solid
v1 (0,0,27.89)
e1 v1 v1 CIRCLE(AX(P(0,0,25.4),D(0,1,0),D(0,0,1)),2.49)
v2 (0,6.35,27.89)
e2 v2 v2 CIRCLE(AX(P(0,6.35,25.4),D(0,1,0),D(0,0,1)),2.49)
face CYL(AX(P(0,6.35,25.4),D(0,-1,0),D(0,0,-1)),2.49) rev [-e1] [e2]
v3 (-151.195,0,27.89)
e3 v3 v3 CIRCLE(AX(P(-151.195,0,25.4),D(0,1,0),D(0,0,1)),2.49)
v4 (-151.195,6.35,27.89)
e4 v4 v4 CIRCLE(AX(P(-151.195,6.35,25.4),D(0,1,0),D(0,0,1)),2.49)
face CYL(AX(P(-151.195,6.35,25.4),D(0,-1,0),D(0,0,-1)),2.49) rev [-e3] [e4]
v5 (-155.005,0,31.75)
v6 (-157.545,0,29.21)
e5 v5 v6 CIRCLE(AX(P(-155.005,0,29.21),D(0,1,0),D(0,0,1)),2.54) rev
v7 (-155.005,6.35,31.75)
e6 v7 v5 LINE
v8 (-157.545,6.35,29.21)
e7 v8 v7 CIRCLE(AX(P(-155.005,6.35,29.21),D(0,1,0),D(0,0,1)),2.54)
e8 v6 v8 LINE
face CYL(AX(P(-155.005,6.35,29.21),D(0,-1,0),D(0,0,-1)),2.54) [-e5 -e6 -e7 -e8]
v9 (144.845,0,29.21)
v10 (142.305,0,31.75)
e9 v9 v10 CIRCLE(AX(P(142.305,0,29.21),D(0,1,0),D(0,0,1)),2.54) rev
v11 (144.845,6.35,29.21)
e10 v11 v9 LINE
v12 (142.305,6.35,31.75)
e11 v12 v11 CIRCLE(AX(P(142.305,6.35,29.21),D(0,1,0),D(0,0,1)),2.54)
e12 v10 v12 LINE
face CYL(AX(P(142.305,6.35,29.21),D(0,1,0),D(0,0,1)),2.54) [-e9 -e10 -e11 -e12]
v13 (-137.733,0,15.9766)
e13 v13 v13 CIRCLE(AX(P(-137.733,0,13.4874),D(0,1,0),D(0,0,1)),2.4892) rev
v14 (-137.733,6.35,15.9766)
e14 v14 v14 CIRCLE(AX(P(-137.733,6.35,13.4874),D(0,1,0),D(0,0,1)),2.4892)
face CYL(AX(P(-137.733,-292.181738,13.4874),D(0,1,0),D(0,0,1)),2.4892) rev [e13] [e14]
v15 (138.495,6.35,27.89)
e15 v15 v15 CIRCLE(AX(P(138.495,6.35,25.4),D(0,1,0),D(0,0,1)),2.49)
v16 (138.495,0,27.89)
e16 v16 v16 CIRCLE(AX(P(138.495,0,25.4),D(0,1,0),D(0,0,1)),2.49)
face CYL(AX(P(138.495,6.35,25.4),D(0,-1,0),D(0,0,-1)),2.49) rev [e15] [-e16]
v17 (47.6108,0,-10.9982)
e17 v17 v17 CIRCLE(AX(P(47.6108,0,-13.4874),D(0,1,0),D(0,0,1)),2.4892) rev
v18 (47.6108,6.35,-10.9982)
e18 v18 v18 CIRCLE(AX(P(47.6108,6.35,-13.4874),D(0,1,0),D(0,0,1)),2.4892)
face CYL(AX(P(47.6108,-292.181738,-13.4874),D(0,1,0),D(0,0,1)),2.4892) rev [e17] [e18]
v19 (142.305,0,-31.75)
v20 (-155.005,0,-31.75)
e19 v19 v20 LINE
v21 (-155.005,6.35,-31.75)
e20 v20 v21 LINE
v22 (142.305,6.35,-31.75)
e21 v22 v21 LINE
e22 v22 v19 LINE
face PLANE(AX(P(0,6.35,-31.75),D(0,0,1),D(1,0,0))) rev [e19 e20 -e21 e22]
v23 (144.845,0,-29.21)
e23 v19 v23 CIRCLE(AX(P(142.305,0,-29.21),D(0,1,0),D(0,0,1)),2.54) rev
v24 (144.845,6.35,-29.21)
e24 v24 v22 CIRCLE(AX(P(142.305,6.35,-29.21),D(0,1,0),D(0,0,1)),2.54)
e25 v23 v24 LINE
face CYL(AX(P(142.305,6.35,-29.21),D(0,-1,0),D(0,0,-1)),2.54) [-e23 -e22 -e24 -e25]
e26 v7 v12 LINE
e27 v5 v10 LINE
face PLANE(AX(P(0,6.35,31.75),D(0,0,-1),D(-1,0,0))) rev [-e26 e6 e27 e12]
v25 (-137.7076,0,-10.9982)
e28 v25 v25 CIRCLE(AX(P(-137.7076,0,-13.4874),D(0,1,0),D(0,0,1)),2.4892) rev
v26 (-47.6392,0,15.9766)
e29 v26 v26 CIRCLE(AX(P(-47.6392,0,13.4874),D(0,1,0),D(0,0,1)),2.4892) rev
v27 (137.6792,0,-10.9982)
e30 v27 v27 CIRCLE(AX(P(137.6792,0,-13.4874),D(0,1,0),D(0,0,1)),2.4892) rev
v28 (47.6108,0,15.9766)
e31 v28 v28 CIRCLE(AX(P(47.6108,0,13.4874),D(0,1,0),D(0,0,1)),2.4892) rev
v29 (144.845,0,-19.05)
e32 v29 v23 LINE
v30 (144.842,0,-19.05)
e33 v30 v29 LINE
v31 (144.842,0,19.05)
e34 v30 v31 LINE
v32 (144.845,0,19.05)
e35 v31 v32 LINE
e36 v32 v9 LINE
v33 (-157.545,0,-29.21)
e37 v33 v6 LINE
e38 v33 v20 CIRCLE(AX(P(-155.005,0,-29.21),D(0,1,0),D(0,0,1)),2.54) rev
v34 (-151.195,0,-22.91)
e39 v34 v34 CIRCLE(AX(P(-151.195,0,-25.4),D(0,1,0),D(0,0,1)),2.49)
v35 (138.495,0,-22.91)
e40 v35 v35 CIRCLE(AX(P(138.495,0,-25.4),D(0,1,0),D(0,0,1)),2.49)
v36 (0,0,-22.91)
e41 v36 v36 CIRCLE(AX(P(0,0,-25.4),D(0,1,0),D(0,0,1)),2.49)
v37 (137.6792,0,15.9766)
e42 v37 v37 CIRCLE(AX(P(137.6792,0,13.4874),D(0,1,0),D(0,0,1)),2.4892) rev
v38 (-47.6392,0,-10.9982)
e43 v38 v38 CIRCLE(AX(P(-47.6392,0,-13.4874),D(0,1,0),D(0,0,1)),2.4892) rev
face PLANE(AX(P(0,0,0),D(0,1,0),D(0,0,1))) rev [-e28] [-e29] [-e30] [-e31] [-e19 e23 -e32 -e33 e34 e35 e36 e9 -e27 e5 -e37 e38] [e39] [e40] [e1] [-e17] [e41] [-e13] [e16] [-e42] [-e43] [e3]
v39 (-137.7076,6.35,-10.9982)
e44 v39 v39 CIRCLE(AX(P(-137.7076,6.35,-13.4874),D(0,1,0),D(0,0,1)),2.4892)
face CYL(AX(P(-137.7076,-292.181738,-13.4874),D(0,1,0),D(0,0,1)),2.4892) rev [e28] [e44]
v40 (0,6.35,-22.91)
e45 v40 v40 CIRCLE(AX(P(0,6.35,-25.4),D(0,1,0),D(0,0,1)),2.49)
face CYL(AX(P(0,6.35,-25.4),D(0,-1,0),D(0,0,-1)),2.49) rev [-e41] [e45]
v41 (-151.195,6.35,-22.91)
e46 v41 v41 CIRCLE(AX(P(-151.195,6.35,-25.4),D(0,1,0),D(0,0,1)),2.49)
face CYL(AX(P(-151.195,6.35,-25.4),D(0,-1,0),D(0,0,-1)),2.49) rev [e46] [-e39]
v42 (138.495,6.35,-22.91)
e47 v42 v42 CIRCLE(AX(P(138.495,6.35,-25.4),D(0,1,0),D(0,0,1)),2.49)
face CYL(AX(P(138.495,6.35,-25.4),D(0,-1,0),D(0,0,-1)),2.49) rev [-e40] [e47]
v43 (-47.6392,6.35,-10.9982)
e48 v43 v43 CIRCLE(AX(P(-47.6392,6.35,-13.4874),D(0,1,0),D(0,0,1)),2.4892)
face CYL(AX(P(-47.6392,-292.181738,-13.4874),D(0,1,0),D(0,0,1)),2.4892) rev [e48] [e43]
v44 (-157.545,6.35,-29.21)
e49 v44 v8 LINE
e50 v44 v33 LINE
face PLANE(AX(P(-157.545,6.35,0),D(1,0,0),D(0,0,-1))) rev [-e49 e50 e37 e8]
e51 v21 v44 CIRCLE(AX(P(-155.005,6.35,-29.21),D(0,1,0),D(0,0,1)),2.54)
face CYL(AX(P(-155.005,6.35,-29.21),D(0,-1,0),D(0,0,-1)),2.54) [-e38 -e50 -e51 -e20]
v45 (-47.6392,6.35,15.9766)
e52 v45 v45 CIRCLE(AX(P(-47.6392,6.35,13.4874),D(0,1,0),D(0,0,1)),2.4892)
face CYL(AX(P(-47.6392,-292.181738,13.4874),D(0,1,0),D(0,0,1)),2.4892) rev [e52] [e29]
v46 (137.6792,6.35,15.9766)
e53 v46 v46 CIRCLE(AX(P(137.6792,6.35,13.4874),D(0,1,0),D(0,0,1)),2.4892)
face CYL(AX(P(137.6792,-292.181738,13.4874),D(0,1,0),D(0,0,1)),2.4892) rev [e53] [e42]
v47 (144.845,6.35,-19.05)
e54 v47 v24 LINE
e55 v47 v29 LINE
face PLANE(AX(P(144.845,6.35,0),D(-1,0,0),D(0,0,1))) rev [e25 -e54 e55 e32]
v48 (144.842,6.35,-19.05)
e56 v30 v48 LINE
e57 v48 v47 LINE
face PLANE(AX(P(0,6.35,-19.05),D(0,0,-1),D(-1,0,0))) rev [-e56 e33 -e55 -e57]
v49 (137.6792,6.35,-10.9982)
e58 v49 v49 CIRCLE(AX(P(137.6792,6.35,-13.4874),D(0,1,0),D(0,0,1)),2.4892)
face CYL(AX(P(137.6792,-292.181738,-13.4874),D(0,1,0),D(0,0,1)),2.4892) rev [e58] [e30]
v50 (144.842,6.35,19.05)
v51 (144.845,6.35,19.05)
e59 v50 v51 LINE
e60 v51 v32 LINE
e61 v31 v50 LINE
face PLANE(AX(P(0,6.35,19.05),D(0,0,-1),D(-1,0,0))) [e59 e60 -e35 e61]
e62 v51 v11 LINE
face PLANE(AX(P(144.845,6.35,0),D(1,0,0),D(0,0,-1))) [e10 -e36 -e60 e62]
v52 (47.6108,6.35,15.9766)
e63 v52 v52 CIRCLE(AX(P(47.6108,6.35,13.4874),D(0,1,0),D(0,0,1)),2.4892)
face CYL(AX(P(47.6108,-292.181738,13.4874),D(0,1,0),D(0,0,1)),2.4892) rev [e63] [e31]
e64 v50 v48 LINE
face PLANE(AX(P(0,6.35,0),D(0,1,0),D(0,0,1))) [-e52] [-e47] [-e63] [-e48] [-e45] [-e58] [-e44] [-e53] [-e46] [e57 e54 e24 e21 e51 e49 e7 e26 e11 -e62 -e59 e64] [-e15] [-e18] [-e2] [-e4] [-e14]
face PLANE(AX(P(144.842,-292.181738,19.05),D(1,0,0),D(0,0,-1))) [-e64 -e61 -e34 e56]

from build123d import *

# Parameters (mm, degrees)
SKETCH1_W           = 289.69
SKETCH1_H           = 12.7
SKETCH1_R           = 2.49
BOSS_EXTRUDE1_DEPTH = 6.35
FILLET1_R           = 2.54
SKETCH3_W           = 289.687
SKETCH3_H           = 38.1
SKETCH3_R           = 2.4892
BOSS_EXTRUDE2_DEPTH = 6.35


with BuildPart() as part:
    # Sketch1 → Boss-Extrude1 (new body)
    # profile 1 of 3: a face of its own
    with BuildSketch(Plane(origin=(0, 0, 0), x_dir=(1, 0, 0), z_dir=(0, 1, 0))):
        with Locations((0, -25.4)):
            Rectangle(SKETCH1_W, SKETCH1_H)
        with Locations(Location((138.495, -25.4, 0), (0, 0, 270))):
            Circle(SKETCH1_R, mode=Mode.SUBTRACT)
        with Locations(Location((0, -25.4, 0), (0, 0, 270))):
            Circle(SKETCH1_R, mode=Mode.SUBTRACT)
    # profile 2 of 3: a face of its own
    with BuildSketch(Plane(origin=(0, 0, 0), x_dir=(1, 0, 0), z_dir=(0, 1, 0))):
        Polygon((-144.845, 31.75), (-157.545, 31.75), (-157.545, -31.75), (-144.845, -31.75), (-144.845, -19.05), (-144.845, 19.05), align=None)
        with Locations(Location((-151.195, -25.4, 0), (0, 0, 270))):
            Circle(SKETCH1_R, mode=Mode.SUBTRACT)
        with Locations(Location((-151.195, 25.4, 0), (0, 0, 270))):
            Circle(SKETCH1_R, mode=Mode.SUBTRACT)
    # profile 3 of 3: a face of its own
    with BuildSketch(Plane(origin=(0, 0, 0), x_dir=(1, 0, 0), z_dir=(0, 1, 0))):
        with Locations((0, 25.4)):
            Rectangle(SKETCH1_W, SKETCH1_H)
        with Locations(Location((138.495, 25.4, 0), (0, 0, 270))):
            Circle(SKETCH1_R, mode=Mode.SUBTRACT)
        with Locations(Location((0, 25.4, 0), (0, 0, 270))):
            Circle(SKETCH1_R, mode=Mode.SUBTRACT)
    extrude(amount=BOSS_EXTRUDE1_DEPTH)

    # Fillet1
    fillet1_edges = [part.edges().sort_by_distance(p)[0] for p in [
        (144.845, 3.175, 31.75),
        (-157.545, 3.175, 31.75),
        (-157.545, 3.175, -31.75),
        (144.845, 3.175, -31.75),
    ]]
    fillet(fillet1_edges, radius=FILLET1_R)

    # Sketch3 → Boss-Extrude2 (add)
    with BuildSketch(Plane(origin=(0, 6.35, 0), x_dir=(1, 0, 0), z_dir=(0, 1, 0))):
        with Locations((-0.0015, 0)):
            Rectangle(SKETCH3_W, SKETCH3_H)
        with Locations(Location((-137.7076, 13.4874, 0), (0, 0, 270))):
            Circle(SKETCH3_R, mode=Mode.SUBTRACT)
        with Locations(Location((-137.733, -13.4874, 0), (0, 0, 270))):
            Circle(SKETCH3_R, mode=Mode.SUBTRACT)
        with Locations(Location((-47.6392, -13.4874, 0), (0, 0, 270))):
            Circle(SKETCH3_R, mode=Mode.SUBTRACT)
        with Locations(Location((-47.6392, 13.4874, 0), (0, 0, 270))):
            Circle(SKETCH3_R, mode=Mode.SUBTRACT)
        with Locations(Location((47.6108, 13.4874, 0), (0, 0, 270))):
            Circle(SKETCH3_R, mode=Mode.SUBTRACT)
        with Locations(Location((47.6108, -13.4874, 0), (0, 0, 270))):
            Circle(SKETCH3_R, mode=Mode.SUBTRACT)
        with Locations(Location((137.6792, 13.4874, 0), (0, 0, 270))):
            Circle(SKETCH3_R, mode=Mode.SUBTRACT)
        with Locations(Location((137.6792, -13.4874, 0), (0, 0, 270))):
            Circle(SKETCH3_R, mode=Mode.SUBTRACT)
    extrude(amount=-BOSS_EXTRUDE2_DEPTH)


solid = part.part
